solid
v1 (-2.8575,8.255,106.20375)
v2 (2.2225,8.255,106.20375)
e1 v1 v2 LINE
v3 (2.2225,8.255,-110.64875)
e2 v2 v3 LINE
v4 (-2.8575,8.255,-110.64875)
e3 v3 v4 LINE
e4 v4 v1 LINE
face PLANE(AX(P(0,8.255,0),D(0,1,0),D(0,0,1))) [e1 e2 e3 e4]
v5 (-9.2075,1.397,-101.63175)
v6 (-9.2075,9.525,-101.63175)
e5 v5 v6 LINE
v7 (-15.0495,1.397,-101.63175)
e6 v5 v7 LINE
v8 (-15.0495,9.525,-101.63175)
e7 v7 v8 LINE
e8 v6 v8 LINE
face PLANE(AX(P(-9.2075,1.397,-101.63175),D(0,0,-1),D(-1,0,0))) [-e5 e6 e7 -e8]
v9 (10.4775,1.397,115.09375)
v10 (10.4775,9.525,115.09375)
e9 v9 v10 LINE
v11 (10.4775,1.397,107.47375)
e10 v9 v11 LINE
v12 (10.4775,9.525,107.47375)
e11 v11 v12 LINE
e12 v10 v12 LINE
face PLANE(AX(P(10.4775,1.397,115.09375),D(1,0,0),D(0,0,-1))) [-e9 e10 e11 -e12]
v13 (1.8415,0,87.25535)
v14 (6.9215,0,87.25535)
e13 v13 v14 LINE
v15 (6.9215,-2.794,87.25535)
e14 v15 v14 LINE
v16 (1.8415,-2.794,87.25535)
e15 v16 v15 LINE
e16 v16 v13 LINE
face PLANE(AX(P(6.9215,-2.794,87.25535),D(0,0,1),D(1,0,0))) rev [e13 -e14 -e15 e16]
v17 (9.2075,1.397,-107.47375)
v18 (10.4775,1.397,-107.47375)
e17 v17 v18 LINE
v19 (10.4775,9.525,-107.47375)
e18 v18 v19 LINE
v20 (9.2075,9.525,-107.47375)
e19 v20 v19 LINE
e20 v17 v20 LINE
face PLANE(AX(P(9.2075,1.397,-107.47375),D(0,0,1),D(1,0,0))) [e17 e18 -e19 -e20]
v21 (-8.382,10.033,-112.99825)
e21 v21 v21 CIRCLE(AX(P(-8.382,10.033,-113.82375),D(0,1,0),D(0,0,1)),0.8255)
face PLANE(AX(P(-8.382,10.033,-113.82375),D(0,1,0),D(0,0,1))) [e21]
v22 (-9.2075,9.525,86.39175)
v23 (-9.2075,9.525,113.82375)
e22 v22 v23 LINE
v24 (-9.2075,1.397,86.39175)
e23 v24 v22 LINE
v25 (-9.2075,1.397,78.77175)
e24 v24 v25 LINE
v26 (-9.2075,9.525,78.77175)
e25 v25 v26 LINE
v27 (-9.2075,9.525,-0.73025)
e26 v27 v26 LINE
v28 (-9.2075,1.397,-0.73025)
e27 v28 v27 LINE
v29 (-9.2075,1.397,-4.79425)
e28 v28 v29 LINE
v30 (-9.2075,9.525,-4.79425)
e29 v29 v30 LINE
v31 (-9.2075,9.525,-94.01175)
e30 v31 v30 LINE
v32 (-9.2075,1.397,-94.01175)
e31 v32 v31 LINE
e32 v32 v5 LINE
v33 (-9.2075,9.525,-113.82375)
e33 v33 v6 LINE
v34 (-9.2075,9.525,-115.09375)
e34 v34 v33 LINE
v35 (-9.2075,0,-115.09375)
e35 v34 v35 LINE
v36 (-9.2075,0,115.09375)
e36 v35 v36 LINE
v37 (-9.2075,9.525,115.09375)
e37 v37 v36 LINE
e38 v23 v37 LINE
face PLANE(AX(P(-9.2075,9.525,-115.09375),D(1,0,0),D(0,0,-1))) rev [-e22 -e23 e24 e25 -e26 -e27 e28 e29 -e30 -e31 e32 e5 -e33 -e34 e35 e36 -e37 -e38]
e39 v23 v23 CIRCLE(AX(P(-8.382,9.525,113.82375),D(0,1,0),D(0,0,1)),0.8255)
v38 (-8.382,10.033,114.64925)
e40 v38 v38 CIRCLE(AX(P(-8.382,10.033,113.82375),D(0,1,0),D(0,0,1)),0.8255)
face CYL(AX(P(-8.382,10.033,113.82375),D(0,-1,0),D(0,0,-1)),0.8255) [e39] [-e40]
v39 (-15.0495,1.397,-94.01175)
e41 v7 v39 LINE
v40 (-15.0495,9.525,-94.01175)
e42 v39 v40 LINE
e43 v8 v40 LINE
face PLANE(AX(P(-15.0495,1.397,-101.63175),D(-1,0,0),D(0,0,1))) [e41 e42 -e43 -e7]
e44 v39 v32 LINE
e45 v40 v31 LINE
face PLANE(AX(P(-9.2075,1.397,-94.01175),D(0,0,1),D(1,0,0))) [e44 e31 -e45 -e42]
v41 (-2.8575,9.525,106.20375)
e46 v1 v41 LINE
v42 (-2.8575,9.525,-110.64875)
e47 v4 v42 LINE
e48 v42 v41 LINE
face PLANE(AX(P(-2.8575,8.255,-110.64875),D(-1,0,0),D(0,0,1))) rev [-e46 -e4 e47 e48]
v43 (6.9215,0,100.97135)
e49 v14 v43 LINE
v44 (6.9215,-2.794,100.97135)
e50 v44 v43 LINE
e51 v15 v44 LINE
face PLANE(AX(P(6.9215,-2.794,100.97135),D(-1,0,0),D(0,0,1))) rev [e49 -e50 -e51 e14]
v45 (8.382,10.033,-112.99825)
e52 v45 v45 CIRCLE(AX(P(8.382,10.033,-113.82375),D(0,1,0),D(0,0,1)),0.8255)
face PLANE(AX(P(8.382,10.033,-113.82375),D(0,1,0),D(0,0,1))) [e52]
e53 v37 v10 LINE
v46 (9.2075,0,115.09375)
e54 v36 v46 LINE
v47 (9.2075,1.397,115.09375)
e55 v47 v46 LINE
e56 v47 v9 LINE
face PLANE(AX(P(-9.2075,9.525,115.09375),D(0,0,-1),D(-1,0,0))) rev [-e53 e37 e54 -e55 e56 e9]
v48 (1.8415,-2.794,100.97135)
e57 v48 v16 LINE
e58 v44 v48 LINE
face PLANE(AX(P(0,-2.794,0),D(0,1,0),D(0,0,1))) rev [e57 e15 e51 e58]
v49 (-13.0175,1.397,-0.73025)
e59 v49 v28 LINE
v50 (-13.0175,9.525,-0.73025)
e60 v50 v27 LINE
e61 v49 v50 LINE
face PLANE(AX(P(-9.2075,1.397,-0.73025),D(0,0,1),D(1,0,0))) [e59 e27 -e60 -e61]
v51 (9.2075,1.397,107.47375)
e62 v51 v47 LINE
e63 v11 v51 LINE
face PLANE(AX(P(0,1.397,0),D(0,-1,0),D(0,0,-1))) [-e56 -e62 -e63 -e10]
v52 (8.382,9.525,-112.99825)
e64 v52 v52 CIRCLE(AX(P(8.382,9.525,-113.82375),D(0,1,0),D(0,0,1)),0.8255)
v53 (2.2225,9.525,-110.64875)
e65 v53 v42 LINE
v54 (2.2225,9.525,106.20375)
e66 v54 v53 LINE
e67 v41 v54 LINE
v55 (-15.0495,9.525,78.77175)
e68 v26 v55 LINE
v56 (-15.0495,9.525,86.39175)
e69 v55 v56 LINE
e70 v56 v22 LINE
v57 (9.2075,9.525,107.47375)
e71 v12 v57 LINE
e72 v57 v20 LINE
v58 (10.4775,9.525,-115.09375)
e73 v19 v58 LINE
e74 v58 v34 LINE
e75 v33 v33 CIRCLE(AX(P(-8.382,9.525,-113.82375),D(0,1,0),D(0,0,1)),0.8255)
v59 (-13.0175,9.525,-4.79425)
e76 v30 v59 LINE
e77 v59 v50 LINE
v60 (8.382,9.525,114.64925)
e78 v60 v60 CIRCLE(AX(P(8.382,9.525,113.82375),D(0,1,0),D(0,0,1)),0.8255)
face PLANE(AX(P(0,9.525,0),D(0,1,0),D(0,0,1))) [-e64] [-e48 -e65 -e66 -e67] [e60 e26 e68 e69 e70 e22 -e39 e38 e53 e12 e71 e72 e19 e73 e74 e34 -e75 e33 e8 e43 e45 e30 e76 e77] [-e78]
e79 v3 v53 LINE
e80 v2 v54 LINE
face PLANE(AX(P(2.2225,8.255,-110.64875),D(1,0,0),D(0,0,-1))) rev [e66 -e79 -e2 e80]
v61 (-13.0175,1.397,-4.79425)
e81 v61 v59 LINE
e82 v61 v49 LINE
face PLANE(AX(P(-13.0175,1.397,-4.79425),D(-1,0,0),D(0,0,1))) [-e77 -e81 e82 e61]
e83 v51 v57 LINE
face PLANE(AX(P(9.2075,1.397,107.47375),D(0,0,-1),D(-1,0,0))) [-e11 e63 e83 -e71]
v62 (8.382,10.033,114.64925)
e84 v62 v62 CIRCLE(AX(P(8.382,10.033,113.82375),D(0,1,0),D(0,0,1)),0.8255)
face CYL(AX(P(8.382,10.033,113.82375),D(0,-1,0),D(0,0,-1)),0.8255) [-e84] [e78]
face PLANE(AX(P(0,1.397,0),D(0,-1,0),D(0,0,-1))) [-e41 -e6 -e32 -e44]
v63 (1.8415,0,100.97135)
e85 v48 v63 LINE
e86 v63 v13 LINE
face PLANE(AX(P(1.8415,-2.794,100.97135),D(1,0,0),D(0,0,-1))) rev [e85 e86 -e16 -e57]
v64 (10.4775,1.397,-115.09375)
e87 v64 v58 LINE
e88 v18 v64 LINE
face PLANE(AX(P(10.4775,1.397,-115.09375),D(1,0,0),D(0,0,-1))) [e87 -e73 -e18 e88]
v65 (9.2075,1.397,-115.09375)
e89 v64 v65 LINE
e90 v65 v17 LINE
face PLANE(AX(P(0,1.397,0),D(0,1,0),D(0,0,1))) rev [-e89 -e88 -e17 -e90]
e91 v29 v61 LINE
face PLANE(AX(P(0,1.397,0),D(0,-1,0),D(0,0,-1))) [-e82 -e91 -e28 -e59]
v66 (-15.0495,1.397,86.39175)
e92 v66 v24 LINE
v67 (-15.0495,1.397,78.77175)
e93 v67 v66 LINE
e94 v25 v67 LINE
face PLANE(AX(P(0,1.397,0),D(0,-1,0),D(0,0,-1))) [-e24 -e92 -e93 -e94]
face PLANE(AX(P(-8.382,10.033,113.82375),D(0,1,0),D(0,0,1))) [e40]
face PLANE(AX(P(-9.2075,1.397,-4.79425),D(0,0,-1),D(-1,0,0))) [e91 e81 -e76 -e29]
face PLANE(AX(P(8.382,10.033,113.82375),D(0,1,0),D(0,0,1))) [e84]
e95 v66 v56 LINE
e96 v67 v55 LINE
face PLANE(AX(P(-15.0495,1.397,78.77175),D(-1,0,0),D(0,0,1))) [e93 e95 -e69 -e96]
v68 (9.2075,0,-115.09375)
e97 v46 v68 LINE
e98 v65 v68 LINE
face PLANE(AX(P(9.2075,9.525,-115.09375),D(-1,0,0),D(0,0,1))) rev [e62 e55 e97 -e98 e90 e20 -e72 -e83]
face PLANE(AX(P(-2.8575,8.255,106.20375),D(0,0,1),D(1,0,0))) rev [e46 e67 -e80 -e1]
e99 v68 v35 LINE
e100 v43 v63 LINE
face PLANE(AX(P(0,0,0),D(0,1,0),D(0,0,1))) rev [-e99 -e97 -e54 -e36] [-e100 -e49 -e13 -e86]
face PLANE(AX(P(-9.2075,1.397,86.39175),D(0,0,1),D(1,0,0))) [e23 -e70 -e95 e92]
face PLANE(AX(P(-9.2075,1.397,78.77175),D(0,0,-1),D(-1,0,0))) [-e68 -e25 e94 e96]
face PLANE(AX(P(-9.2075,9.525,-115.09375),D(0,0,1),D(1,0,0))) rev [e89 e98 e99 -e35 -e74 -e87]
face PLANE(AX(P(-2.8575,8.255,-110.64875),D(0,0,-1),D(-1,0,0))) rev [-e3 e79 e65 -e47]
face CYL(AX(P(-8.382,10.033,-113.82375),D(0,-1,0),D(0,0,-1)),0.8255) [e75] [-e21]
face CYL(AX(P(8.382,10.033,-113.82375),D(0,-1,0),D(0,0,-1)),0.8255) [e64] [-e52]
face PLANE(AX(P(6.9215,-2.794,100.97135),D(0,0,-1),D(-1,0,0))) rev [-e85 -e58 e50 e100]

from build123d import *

# Parameters (mm, degrees)
SKETCH1_W           = 18.415
SKETCH1_H           = 230.1875
BOSS_EXTRUDE1_DEPTH = 9.525
SKETCH2_W           = 5.08
SKETCH2_H           = 216.8525
CUT_EXTRUDE1_DEPTH  = 1.27
SKETCH3_W           = 5.842
SKETCH3_H           = 7.62
SKETCH3_W_2         = 3.81
SKETCH3_H_2         = 4.064
SKETCH3_W_3         = 1.27
BOSS_EXTRUDE2_DEPTH = 8.128
SKETCH4_R           = 0.8255
BOSS_EXTRUDE3_DEPTH = 0.508
SKETCH5_W           = 5.08
SKETCH5_H           = 13.716
BOSS_EXTRUDE4_DEPTH = 2.794


with BuildPart() as part:
    # Sketch1 → Boss-Extrude1 (new body)
    with BuildSketch(Plane(origin=(0, 0, 0), x_dir=(1, 0, 0), z_dir=(0, 1, 0))):
        Rectangle(SKETCH1_W, SKETCH1_H)
    extrude(amount=BOSS_EXTRUDE1_DEPTH)

    # Sketch2 → Cut-Extrude1 (cut)
    with BuildSketch(Plane(origin=(0, 9.525, 0), x_dir=(1, 0, 0), z_dir=(0, 1, 0))):
        with Locations((-0.3175, 2.2225)):
            Rectangle(SKETCH2_W, SKETCH2_H)
    extrude(amount=-CUT_EXTRUDE1_DEPTH, mode=Mode.SUBTRACT)

    # Sketch3 → Boss-Extrude2 (add)
    with BuildSketch(Plane(origin=(0, 9.525, 0), x_dir=(1, 0, 0), z_dir=(0, 1, 0))):
        with Locations((-12.1285, 97.82175)):
            Rectangle(SKETCH3_W, SKETCH3_H)
        with Locations((-11.1125, 2.76225)):
            Rectangle(SKETCH3_W_2, SKETCH3_H_2)
        with Locations((-12.1285, -82.58175)):
            Rectangle(SKETCH3_W, SKETCH3_H)
        with Locations((9.8425, 111.28375)):
            Rectangle(SKETCH3_W_3, SKETCH3_H)
        with Locations((9.8425, -111.28375)):
            Rectangle(SKETCH3_W_3, SKETCH3_H)
    extrude(amount=-BOSS_EXTRUDE2_DEPTH)

    # Sketch4 → Boss-Extrude3 (add)
    with BuildSketch(Plane(origin=(0, 9.525, 0), x_dir=(1, 0, 0), z_dir=(0, 1, 0))):
        with Locations((-8.382, 113.82375)):
            Circle(SKETCH4_R)
        with Locations((8.382, 113.82375)):
            Circle(SKETCH4_R)
        with Locations((8.382, -113.82375)):
            Circle(SKETCH4_R)
        with Locations((-8.382, -113.82375)):
            Circle(SKETCH4_R)
    extrude(amount=BOSS_EXTRUDE3_DEPTH)

    # Sketch5 → Boss-Extrude4 (add)
    with BuildSketch(Plane.XZ):
        with Locations((4.3815, 94.11335)):
            Rectangle(SKETCH5_W, SKETCH5_H)
    extrude(amount=BOSS_EXTRUDE4_DEPTH)


solid = part.part
